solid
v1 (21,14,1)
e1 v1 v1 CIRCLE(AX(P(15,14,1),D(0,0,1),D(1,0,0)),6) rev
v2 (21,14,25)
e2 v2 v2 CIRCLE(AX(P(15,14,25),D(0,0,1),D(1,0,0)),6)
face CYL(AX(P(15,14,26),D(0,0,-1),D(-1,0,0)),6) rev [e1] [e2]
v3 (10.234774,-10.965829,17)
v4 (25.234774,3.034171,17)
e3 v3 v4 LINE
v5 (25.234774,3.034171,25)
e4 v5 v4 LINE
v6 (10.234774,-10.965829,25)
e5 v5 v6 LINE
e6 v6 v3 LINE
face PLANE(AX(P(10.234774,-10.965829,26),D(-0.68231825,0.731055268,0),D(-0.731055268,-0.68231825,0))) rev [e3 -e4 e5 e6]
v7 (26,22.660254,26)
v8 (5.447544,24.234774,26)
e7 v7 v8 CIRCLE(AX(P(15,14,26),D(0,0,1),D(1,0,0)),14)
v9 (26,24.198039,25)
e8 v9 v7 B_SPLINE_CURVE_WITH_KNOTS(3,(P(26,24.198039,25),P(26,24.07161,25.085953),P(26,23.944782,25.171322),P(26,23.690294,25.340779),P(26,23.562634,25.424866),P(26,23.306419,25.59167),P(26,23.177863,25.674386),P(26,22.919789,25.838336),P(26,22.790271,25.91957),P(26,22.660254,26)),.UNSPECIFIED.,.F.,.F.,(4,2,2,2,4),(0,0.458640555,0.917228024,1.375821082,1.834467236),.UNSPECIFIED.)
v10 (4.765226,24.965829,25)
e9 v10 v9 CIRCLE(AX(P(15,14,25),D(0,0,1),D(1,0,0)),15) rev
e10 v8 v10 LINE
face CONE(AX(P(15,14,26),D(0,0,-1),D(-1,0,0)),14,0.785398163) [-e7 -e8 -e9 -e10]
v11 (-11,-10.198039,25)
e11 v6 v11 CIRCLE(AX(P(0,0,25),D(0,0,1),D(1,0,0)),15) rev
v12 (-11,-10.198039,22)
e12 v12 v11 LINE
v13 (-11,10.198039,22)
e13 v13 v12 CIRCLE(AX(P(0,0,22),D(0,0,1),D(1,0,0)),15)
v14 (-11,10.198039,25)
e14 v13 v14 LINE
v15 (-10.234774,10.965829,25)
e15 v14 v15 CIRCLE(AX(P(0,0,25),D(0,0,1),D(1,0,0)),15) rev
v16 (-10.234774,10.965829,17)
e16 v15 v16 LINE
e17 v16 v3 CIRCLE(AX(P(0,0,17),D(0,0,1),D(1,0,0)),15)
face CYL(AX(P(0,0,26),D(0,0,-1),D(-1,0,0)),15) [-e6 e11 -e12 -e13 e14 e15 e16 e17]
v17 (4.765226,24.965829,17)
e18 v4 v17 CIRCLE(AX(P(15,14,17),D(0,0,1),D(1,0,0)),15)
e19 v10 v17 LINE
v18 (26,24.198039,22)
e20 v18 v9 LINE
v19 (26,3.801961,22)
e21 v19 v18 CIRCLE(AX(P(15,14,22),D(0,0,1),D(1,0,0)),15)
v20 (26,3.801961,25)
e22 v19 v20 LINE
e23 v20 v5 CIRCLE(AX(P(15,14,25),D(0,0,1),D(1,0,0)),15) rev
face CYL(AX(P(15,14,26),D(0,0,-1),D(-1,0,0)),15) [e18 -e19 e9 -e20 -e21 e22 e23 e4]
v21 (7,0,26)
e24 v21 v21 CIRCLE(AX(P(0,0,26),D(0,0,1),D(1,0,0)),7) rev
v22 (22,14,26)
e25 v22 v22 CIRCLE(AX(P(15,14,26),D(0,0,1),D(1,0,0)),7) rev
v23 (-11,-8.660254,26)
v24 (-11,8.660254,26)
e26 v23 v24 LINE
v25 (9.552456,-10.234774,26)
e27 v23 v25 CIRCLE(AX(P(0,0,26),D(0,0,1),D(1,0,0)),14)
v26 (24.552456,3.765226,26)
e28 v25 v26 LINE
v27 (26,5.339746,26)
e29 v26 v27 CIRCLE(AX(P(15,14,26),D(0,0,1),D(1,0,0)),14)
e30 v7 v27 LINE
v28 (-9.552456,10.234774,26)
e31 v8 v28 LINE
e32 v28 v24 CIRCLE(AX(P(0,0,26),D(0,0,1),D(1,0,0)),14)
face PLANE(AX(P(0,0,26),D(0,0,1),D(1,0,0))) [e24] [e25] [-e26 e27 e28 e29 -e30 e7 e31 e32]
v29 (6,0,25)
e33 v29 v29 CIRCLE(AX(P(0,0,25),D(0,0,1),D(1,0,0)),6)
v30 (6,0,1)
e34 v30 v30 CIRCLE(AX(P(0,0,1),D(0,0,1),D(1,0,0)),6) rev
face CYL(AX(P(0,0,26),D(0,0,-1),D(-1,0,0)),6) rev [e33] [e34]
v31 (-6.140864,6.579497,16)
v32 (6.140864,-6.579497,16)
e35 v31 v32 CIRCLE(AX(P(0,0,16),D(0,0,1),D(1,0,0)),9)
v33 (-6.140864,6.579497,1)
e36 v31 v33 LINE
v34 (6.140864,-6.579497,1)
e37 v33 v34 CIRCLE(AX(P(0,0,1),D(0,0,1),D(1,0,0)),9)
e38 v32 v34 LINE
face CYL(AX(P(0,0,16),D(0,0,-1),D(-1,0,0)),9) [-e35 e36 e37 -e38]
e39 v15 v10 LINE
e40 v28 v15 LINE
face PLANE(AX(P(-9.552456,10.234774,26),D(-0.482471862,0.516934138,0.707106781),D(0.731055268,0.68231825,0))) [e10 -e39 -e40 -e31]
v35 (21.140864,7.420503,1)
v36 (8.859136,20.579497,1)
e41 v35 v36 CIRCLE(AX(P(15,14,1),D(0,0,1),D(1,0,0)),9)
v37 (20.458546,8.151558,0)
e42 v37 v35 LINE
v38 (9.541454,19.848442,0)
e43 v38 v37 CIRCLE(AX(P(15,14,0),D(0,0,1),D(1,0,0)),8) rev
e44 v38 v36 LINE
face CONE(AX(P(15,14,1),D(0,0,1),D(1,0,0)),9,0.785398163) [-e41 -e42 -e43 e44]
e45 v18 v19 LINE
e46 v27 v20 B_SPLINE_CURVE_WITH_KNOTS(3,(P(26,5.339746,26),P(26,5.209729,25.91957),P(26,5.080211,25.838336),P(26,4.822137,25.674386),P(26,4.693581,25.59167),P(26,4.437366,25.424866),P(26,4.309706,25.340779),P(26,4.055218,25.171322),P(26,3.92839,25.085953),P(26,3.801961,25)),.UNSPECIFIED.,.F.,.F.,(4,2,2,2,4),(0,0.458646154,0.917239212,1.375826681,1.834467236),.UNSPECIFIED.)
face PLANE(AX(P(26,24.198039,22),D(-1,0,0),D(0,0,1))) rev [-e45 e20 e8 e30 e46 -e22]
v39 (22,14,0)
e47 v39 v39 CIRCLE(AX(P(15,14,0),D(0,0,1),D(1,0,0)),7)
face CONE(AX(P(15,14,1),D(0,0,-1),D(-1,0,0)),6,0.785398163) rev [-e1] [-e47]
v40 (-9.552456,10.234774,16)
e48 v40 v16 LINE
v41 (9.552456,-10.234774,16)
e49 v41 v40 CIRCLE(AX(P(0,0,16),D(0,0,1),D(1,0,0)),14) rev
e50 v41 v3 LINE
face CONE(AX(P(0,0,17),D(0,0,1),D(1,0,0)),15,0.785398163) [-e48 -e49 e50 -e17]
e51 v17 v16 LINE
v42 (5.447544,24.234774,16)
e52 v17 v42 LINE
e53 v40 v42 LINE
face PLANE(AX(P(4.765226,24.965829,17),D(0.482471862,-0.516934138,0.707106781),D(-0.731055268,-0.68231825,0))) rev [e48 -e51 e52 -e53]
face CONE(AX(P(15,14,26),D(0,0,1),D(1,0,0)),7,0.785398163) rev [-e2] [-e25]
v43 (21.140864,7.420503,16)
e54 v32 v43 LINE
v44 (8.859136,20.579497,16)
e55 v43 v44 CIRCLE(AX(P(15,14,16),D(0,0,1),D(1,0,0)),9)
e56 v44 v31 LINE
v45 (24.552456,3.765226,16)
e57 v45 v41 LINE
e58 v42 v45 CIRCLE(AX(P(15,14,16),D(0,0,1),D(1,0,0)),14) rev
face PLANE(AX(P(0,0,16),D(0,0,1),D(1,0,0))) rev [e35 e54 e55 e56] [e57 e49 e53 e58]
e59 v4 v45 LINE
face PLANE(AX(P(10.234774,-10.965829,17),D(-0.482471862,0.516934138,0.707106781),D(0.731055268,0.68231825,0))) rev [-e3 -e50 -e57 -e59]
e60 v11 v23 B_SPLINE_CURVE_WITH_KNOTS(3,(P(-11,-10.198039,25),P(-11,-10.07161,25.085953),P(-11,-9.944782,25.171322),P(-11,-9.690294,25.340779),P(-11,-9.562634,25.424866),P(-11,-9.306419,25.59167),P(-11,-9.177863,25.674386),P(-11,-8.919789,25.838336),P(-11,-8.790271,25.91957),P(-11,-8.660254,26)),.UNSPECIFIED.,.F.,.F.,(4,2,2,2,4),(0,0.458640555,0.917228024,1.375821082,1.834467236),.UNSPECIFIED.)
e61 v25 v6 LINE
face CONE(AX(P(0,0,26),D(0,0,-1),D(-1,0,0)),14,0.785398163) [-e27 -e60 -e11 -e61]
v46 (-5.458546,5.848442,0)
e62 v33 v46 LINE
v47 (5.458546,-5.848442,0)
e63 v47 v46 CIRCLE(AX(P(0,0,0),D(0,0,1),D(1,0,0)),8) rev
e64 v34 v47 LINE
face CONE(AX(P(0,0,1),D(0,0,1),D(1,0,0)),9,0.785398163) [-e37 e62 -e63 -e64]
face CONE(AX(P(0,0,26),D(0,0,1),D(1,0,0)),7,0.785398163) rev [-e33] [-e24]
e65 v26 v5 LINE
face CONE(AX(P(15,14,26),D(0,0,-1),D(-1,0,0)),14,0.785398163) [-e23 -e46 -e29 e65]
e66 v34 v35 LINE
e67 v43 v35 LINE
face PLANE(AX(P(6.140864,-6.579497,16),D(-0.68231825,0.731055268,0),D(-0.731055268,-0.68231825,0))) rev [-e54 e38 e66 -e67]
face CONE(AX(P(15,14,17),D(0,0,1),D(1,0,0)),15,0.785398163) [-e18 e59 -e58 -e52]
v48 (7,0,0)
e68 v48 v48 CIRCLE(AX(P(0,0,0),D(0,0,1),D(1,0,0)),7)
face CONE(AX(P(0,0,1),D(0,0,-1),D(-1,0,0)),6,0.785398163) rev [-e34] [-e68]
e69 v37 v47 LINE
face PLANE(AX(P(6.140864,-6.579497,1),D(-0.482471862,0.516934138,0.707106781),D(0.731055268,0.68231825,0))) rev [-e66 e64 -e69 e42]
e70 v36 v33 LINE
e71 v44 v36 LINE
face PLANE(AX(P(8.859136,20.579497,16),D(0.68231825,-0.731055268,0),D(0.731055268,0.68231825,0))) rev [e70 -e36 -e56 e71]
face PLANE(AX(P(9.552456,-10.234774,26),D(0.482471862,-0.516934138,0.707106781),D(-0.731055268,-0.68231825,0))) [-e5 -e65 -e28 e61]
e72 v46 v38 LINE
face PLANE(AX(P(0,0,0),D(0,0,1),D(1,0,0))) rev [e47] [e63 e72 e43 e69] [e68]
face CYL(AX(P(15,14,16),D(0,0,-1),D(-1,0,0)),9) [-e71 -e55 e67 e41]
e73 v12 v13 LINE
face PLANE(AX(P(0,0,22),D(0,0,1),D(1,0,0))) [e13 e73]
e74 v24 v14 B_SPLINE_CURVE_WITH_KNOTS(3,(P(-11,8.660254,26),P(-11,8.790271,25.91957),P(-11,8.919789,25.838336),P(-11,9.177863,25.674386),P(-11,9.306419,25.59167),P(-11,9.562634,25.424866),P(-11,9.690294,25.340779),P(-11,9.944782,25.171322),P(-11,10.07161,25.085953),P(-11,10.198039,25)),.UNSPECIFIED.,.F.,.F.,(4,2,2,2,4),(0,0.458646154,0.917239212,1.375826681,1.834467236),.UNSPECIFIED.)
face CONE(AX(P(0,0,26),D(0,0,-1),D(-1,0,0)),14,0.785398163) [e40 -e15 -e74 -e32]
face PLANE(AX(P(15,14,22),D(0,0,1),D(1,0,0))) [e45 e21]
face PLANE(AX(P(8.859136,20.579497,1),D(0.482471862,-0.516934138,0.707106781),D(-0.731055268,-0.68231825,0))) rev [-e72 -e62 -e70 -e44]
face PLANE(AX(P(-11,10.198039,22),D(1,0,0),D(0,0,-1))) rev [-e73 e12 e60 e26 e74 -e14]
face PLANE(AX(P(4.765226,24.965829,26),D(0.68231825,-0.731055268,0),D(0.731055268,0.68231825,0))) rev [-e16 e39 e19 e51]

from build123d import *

# Parameters (mm, degrees)
EXTRUDE_1_DEPTH     = 16
EXTRUDE_2_DEPTH     = 10
CUT_EXTRUDE_1_DEPTH = 4
SKETCH_4_R          = 6
CUT_EXTRUDE_2_DEPTH = 27
CHAMFER_1_SIZE      = 1


with BuildPart() as part:
    # 草图1 → 凸台-拉伸1 (new body)
    with BuildSketch(Plane.XY):
        with BuildLine():
            Line((6.140864253, -6.579497414), (21.140864253, 7.420502586))
            ThreePointArc((21.140864253, 7.420502586), (21.579497414, 20.140864253), (8.859135747, 20.579497414))
            Line((8.859135747, 20.579497414), (-6.140864253, 6.579497414))
            ThreePointArc((-6.140864253, 6.579497414), (-6.579497414, -6.140864253), (6.140864253, -6.579497414))
        make_face()
    extrude(amount=EXTRUDE_1_DEPTH)

    # 草图2 → 凸台-拉伸2 (add)
    with BuildSketch(Plane.XY.offset(16)):
        with BuildLine():
            Line((10.234773755, -10.965829024), (25.234773755, 3.034170976))
            ThreePointArc((25.234773755, 3.034170976), (25.965829024, 24.234773755), (4.765226245, 24.965829024))
            Line((4.765226245, 24.965829024), (-10.234773755, 10.965829024))
            ThreePointArc((-10.234773755, 10.965829024), (-10.965829024, -10.234773755), (10.234773755, -10.965829024))
        make_face()
    extrude(amount=EXTRUDE_2_DEPTH)

    # 草图3 → 切除-拉伸1 (cut)
    with BuildSketch(Plane.XY.offset(26)):
        with BuildLine():
            Line((26, 24.198039027), (26, 3.801960973))
            ThreePointArc((26, 3.801960973), (30, 14), (26, 24.198039027))
        make_face()
        with BuildLine():
            Line((-11, 10.198039027), (-11, -10.198039027))
            ThreePointArc((-11, -10.198039027), (-15, 0), (-11, 10.198039027))
        make_face()
    extrude(amount=-CUT_EXTRUDE_1_DEPTH, mode=Mode.SUBTRACT)

    # 草图4 → 切除-拉伸2 (cut, through all)
    with BuildSketch(Plane(origin=(0, 0, 0), x_dir=(-1, 0, 0), z_dir=(0, 0, -1))):
        Circle(SKETCH_4_R)
        with Locations((-15, 14)):
            Circle(SKETCH_4_R)
    extrude(amount=-CUT_EXTRUDE_2_DEPTH, mode=Mode.SUBTRACT)

    # 倒角1
    chamfer_1_edges = [part.edges().sort_by_distance(p)[0] for p in [
        (-10.965829024, -10.234773755, 16),
        (17.734773755, -3.965829024, 16),
        (25.965829024, 24.234773755, 16),
        (-2.734773755, 17.965829024, 16),
        (-10.624324895, 10.588848876, 26),
        (17.734773755, -3.965829024, 26),
        (25.624324895, 3.411151124, 26),
        (-2.734773755, 17.965829024, 26),
        (-0.542003848, -14.990204529, 26),
        (15.542003848, 28.990204529, 26),
        (1.359135747, 13.579497414, 0),
        (6, 0, 26),
        (6, 0, 0),
        (21, 14, 26),
        (21, 14, 0),
        (21.579497414, 20.140864253, 0),
        (13.640864253, 0.420502586, 0),
        (-6.579497414, -6.140864253, 0),
    ]]
    chamfer(chamfer_1_edges, length=CHAMFER_1_SIZE)


solid = part.part
